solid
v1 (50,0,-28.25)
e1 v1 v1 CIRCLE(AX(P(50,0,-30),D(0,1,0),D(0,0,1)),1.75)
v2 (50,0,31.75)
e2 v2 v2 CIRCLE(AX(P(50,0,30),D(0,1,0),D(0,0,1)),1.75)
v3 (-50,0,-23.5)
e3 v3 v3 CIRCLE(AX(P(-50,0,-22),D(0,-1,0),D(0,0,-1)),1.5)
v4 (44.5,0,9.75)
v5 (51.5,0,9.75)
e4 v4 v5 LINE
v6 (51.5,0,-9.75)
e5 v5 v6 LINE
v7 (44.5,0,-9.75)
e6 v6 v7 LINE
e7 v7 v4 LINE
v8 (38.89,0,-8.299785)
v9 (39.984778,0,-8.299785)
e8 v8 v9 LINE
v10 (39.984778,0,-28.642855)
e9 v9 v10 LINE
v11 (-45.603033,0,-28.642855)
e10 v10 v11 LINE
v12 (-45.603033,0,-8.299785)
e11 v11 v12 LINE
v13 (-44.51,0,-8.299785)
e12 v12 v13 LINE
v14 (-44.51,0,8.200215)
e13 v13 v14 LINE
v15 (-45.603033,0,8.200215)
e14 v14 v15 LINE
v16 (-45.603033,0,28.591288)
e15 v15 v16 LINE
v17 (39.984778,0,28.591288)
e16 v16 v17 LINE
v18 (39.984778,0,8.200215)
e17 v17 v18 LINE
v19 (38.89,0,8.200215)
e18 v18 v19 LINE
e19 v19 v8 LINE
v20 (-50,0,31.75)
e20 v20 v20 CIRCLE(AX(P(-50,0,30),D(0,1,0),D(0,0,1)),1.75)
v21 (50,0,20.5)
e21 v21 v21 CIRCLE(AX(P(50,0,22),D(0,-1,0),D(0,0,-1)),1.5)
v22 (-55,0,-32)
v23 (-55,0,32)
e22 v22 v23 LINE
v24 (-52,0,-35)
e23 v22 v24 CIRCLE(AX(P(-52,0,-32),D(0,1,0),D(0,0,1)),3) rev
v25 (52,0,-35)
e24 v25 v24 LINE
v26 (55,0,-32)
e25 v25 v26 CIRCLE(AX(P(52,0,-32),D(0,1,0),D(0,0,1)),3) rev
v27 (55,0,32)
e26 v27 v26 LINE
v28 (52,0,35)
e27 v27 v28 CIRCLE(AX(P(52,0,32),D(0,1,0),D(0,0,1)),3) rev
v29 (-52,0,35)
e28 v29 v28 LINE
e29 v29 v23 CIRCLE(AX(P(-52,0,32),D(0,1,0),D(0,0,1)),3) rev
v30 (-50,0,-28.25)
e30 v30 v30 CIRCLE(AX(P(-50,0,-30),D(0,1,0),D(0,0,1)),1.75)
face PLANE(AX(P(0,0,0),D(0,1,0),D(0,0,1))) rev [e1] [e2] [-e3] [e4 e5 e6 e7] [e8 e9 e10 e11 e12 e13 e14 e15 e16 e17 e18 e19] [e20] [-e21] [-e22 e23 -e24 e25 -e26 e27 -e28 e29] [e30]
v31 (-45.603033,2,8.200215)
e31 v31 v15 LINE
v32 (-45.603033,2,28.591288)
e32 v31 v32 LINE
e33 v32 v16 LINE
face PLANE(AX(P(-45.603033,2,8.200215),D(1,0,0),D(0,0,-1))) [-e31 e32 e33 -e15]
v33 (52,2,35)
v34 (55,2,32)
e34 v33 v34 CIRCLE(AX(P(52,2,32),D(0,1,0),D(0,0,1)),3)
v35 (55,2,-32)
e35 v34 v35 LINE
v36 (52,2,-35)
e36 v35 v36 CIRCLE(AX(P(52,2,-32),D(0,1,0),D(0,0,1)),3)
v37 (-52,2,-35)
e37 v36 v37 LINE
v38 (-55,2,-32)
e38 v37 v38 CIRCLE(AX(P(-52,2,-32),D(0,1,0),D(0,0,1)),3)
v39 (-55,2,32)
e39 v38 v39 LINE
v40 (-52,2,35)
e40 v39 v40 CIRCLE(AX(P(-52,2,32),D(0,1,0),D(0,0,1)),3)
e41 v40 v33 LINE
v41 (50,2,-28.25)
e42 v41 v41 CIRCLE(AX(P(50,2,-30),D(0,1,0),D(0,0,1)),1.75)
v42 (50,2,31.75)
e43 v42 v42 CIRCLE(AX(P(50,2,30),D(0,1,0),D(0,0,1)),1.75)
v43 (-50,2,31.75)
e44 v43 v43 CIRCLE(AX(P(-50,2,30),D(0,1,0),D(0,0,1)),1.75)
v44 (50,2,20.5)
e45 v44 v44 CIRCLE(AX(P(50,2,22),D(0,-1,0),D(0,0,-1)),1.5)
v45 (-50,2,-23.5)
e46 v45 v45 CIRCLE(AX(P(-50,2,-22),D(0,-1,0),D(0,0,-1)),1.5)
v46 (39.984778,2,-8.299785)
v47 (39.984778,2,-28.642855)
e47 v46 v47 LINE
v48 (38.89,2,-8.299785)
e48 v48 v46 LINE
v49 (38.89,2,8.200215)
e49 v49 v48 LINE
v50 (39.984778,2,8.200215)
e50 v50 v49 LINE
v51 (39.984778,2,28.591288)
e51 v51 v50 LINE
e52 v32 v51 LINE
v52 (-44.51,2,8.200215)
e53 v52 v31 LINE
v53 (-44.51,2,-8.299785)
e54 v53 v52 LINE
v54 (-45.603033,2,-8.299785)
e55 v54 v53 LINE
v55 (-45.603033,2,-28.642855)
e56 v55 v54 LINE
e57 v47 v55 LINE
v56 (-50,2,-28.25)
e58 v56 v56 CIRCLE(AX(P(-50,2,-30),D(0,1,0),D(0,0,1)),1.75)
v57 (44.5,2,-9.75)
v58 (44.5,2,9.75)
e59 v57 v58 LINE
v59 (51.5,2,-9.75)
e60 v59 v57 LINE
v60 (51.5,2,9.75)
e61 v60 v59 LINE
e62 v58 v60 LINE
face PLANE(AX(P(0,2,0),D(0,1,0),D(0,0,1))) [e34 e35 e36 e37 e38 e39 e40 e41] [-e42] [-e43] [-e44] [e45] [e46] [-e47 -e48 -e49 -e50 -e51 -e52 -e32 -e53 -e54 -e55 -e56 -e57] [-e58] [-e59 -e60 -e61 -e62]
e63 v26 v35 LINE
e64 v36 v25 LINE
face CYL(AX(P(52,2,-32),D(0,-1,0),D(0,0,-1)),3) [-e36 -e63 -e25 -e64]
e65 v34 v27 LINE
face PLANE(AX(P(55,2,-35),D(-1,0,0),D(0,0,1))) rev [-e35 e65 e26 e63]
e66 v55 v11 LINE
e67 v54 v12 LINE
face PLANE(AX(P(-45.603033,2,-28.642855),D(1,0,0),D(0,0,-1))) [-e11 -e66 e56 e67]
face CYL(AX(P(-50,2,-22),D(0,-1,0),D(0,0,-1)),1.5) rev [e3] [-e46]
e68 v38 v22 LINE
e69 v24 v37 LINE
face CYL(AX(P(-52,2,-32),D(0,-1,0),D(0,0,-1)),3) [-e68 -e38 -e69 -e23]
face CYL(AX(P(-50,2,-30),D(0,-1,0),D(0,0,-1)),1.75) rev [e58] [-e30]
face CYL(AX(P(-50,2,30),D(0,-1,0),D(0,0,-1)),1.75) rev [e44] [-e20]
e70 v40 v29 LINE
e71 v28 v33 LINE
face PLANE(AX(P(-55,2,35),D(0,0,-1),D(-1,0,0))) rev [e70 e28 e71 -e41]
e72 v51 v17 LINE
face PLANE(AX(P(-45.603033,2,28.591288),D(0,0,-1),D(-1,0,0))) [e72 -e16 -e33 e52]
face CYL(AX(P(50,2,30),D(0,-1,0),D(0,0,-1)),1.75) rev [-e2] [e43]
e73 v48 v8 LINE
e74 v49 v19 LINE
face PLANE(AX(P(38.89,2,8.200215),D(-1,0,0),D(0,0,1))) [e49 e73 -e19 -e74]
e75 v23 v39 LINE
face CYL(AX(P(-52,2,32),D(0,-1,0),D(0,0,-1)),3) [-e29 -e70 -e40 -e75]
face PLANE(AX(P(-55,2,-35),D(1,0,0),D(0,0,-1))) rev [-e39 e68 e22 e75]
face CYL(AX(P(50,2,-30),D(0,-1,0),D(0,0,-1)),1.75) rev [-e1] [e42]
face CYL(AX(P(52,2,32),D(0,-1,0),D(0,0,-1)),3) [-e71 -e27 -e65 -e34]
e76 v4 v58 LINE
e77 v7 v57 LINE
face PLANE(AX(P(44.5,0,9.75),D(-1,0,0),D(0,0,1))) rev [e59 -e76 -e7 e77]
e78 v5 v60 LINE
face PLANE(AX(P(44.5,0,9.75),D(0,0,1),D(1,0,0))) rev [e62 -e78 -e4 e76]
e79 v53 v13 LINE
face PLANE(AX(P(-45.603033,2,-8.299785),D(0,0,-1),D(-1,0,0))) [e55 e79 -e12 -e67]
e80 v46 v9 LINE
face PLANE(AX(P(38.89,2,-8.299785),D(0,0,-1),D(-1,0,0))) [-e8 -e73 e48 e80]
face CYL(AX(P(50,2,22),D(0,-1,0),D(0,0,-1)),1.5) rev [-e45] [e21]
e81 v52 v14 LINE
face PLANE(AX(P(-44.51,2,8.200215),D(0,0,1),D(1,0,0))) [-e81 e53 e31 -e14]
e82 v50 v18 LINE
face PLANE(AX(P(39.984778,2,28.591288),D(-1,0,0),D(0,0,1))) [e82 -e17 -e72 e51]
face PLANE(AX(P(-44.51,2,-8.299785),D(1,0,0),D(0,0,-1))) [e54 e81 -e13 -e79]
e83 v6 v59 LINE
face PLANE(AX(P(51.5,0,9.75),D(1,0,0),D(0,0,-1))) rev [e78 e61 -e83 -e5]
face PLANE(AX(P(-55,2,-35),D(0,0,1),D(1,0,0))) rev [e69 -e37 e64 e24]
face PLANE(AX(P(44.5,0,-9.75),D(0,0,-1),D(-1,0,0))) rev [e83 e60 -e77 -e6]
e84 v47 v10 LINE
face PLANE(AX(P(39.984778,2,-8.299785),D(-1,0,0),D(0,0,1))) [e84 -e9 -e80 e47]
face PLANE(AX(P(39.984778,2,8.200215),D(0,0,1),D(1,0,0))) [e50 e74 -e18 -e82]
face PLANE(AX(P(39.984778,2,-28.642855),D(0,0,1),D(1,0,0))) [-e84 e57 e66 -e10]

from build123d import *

# Parameters (mm, degrees)
SKETCH1_W           = 110
SKETCH1_H           = 70
SKETCH1_R           = 1.75
BOSS_EXTRUDE1_DEPTH = 2
SKETCH2_W           = 7
SKETCH2_H           = 19.5
CUT_EXTRUDE1_DEPTH  = 66.222695436
FILLET1_R           = 3
SKETCH3_R           = 1.5
CUT_EXTRUDE2_DEPTH  = 66.222695436


with BuildPart() as part:
    # Sketch1 → Boss-Extrude1 (new body)
    with BuildSketch(Plane(origin=(0, 0, 0), x_dir=(1, 0, 0), z_dir=(0, 1, 0))):
        Rectangle(SKETCH1_W, SKETCH1_H)
        with Locations(Location((-50, 30, 0), (0, 0, 270))):
            Circle(SKETCH1_R, mode=Mode.SUBTRACT)
        with Locations(Location((-50, -30, 0), (0, 0, 270))):
            Circle(SKETCH1_R, mode=Mode.SUBTRACT)
        with Locations(Location((50, -30, 0), (0, 0, 270))):
            Circle(SKETCH1_R, mode=Mode.SUBTRACT)
        with Locations(Location((50, 30, 0), (0, 0, 270))):
            Circle(SKETCH1_R, mode=Mode.SUBTRACT)
        Polygon((39.984778377, 28.64285469), (-45.603033207, 28.64285469), (-45.603033207, 8.299784998), (-44.51, 8.299784998), (-44.51, -8.200215002), (-45.603033207, -8.200215002), (-45.603033207, -28.591287888), (39.984778377, -28.591287888), (39.984778377, -8.200215002), (38.89, -8.200215002), (38.89, 8.299784998), (39.984778377, 8.299784998), align=None, mode=Mode.SUBTRACT)
    extrude(amount=BOSS_EXTRUDE1_DEPTH)

    # Sketch2 → Cut-Extrude1 (cut, through all)
    with BuildSketch(Plane(origin=(0, 2, 0), x_dir=(1, 0, 0), z_dir=(0, 1, 0))):
        with Locations((48, 0)):
            Rectangle(SKETCH2_W, SKETCH2_H)
    extrude(amount=-CUT_EXTRUDE1_DEPTH, mode=Mode.SUBTRACT)

    # Fillet1
    fillet1_edges = [part.edges().sort_by_distance(p)[0] for p in [
        (-55, 1, -35),
        (55, 1, -35),
        (55, 1, 35),
        (-55, 1, 35),
    ]]
    fillet(fillet1_edges, radius=FILLET1_R)

    # Sketch3 → Cut-Extrude2 (cut, through all)
    with BuildSketch(Plane.XZ):
        with Locations(Location((50, 22, 0), (0, 0, 270))):
            Circle(SKETCH3_R)
        with Locations(Location((-50, -22, 0), (0, 0, 270))):
            Circle(SKETCH3_R)
    extrude(amount=-CUT_EXTRUDE2_DEPTH, mode=Mode.SUBTRACT)


solid = part.part
